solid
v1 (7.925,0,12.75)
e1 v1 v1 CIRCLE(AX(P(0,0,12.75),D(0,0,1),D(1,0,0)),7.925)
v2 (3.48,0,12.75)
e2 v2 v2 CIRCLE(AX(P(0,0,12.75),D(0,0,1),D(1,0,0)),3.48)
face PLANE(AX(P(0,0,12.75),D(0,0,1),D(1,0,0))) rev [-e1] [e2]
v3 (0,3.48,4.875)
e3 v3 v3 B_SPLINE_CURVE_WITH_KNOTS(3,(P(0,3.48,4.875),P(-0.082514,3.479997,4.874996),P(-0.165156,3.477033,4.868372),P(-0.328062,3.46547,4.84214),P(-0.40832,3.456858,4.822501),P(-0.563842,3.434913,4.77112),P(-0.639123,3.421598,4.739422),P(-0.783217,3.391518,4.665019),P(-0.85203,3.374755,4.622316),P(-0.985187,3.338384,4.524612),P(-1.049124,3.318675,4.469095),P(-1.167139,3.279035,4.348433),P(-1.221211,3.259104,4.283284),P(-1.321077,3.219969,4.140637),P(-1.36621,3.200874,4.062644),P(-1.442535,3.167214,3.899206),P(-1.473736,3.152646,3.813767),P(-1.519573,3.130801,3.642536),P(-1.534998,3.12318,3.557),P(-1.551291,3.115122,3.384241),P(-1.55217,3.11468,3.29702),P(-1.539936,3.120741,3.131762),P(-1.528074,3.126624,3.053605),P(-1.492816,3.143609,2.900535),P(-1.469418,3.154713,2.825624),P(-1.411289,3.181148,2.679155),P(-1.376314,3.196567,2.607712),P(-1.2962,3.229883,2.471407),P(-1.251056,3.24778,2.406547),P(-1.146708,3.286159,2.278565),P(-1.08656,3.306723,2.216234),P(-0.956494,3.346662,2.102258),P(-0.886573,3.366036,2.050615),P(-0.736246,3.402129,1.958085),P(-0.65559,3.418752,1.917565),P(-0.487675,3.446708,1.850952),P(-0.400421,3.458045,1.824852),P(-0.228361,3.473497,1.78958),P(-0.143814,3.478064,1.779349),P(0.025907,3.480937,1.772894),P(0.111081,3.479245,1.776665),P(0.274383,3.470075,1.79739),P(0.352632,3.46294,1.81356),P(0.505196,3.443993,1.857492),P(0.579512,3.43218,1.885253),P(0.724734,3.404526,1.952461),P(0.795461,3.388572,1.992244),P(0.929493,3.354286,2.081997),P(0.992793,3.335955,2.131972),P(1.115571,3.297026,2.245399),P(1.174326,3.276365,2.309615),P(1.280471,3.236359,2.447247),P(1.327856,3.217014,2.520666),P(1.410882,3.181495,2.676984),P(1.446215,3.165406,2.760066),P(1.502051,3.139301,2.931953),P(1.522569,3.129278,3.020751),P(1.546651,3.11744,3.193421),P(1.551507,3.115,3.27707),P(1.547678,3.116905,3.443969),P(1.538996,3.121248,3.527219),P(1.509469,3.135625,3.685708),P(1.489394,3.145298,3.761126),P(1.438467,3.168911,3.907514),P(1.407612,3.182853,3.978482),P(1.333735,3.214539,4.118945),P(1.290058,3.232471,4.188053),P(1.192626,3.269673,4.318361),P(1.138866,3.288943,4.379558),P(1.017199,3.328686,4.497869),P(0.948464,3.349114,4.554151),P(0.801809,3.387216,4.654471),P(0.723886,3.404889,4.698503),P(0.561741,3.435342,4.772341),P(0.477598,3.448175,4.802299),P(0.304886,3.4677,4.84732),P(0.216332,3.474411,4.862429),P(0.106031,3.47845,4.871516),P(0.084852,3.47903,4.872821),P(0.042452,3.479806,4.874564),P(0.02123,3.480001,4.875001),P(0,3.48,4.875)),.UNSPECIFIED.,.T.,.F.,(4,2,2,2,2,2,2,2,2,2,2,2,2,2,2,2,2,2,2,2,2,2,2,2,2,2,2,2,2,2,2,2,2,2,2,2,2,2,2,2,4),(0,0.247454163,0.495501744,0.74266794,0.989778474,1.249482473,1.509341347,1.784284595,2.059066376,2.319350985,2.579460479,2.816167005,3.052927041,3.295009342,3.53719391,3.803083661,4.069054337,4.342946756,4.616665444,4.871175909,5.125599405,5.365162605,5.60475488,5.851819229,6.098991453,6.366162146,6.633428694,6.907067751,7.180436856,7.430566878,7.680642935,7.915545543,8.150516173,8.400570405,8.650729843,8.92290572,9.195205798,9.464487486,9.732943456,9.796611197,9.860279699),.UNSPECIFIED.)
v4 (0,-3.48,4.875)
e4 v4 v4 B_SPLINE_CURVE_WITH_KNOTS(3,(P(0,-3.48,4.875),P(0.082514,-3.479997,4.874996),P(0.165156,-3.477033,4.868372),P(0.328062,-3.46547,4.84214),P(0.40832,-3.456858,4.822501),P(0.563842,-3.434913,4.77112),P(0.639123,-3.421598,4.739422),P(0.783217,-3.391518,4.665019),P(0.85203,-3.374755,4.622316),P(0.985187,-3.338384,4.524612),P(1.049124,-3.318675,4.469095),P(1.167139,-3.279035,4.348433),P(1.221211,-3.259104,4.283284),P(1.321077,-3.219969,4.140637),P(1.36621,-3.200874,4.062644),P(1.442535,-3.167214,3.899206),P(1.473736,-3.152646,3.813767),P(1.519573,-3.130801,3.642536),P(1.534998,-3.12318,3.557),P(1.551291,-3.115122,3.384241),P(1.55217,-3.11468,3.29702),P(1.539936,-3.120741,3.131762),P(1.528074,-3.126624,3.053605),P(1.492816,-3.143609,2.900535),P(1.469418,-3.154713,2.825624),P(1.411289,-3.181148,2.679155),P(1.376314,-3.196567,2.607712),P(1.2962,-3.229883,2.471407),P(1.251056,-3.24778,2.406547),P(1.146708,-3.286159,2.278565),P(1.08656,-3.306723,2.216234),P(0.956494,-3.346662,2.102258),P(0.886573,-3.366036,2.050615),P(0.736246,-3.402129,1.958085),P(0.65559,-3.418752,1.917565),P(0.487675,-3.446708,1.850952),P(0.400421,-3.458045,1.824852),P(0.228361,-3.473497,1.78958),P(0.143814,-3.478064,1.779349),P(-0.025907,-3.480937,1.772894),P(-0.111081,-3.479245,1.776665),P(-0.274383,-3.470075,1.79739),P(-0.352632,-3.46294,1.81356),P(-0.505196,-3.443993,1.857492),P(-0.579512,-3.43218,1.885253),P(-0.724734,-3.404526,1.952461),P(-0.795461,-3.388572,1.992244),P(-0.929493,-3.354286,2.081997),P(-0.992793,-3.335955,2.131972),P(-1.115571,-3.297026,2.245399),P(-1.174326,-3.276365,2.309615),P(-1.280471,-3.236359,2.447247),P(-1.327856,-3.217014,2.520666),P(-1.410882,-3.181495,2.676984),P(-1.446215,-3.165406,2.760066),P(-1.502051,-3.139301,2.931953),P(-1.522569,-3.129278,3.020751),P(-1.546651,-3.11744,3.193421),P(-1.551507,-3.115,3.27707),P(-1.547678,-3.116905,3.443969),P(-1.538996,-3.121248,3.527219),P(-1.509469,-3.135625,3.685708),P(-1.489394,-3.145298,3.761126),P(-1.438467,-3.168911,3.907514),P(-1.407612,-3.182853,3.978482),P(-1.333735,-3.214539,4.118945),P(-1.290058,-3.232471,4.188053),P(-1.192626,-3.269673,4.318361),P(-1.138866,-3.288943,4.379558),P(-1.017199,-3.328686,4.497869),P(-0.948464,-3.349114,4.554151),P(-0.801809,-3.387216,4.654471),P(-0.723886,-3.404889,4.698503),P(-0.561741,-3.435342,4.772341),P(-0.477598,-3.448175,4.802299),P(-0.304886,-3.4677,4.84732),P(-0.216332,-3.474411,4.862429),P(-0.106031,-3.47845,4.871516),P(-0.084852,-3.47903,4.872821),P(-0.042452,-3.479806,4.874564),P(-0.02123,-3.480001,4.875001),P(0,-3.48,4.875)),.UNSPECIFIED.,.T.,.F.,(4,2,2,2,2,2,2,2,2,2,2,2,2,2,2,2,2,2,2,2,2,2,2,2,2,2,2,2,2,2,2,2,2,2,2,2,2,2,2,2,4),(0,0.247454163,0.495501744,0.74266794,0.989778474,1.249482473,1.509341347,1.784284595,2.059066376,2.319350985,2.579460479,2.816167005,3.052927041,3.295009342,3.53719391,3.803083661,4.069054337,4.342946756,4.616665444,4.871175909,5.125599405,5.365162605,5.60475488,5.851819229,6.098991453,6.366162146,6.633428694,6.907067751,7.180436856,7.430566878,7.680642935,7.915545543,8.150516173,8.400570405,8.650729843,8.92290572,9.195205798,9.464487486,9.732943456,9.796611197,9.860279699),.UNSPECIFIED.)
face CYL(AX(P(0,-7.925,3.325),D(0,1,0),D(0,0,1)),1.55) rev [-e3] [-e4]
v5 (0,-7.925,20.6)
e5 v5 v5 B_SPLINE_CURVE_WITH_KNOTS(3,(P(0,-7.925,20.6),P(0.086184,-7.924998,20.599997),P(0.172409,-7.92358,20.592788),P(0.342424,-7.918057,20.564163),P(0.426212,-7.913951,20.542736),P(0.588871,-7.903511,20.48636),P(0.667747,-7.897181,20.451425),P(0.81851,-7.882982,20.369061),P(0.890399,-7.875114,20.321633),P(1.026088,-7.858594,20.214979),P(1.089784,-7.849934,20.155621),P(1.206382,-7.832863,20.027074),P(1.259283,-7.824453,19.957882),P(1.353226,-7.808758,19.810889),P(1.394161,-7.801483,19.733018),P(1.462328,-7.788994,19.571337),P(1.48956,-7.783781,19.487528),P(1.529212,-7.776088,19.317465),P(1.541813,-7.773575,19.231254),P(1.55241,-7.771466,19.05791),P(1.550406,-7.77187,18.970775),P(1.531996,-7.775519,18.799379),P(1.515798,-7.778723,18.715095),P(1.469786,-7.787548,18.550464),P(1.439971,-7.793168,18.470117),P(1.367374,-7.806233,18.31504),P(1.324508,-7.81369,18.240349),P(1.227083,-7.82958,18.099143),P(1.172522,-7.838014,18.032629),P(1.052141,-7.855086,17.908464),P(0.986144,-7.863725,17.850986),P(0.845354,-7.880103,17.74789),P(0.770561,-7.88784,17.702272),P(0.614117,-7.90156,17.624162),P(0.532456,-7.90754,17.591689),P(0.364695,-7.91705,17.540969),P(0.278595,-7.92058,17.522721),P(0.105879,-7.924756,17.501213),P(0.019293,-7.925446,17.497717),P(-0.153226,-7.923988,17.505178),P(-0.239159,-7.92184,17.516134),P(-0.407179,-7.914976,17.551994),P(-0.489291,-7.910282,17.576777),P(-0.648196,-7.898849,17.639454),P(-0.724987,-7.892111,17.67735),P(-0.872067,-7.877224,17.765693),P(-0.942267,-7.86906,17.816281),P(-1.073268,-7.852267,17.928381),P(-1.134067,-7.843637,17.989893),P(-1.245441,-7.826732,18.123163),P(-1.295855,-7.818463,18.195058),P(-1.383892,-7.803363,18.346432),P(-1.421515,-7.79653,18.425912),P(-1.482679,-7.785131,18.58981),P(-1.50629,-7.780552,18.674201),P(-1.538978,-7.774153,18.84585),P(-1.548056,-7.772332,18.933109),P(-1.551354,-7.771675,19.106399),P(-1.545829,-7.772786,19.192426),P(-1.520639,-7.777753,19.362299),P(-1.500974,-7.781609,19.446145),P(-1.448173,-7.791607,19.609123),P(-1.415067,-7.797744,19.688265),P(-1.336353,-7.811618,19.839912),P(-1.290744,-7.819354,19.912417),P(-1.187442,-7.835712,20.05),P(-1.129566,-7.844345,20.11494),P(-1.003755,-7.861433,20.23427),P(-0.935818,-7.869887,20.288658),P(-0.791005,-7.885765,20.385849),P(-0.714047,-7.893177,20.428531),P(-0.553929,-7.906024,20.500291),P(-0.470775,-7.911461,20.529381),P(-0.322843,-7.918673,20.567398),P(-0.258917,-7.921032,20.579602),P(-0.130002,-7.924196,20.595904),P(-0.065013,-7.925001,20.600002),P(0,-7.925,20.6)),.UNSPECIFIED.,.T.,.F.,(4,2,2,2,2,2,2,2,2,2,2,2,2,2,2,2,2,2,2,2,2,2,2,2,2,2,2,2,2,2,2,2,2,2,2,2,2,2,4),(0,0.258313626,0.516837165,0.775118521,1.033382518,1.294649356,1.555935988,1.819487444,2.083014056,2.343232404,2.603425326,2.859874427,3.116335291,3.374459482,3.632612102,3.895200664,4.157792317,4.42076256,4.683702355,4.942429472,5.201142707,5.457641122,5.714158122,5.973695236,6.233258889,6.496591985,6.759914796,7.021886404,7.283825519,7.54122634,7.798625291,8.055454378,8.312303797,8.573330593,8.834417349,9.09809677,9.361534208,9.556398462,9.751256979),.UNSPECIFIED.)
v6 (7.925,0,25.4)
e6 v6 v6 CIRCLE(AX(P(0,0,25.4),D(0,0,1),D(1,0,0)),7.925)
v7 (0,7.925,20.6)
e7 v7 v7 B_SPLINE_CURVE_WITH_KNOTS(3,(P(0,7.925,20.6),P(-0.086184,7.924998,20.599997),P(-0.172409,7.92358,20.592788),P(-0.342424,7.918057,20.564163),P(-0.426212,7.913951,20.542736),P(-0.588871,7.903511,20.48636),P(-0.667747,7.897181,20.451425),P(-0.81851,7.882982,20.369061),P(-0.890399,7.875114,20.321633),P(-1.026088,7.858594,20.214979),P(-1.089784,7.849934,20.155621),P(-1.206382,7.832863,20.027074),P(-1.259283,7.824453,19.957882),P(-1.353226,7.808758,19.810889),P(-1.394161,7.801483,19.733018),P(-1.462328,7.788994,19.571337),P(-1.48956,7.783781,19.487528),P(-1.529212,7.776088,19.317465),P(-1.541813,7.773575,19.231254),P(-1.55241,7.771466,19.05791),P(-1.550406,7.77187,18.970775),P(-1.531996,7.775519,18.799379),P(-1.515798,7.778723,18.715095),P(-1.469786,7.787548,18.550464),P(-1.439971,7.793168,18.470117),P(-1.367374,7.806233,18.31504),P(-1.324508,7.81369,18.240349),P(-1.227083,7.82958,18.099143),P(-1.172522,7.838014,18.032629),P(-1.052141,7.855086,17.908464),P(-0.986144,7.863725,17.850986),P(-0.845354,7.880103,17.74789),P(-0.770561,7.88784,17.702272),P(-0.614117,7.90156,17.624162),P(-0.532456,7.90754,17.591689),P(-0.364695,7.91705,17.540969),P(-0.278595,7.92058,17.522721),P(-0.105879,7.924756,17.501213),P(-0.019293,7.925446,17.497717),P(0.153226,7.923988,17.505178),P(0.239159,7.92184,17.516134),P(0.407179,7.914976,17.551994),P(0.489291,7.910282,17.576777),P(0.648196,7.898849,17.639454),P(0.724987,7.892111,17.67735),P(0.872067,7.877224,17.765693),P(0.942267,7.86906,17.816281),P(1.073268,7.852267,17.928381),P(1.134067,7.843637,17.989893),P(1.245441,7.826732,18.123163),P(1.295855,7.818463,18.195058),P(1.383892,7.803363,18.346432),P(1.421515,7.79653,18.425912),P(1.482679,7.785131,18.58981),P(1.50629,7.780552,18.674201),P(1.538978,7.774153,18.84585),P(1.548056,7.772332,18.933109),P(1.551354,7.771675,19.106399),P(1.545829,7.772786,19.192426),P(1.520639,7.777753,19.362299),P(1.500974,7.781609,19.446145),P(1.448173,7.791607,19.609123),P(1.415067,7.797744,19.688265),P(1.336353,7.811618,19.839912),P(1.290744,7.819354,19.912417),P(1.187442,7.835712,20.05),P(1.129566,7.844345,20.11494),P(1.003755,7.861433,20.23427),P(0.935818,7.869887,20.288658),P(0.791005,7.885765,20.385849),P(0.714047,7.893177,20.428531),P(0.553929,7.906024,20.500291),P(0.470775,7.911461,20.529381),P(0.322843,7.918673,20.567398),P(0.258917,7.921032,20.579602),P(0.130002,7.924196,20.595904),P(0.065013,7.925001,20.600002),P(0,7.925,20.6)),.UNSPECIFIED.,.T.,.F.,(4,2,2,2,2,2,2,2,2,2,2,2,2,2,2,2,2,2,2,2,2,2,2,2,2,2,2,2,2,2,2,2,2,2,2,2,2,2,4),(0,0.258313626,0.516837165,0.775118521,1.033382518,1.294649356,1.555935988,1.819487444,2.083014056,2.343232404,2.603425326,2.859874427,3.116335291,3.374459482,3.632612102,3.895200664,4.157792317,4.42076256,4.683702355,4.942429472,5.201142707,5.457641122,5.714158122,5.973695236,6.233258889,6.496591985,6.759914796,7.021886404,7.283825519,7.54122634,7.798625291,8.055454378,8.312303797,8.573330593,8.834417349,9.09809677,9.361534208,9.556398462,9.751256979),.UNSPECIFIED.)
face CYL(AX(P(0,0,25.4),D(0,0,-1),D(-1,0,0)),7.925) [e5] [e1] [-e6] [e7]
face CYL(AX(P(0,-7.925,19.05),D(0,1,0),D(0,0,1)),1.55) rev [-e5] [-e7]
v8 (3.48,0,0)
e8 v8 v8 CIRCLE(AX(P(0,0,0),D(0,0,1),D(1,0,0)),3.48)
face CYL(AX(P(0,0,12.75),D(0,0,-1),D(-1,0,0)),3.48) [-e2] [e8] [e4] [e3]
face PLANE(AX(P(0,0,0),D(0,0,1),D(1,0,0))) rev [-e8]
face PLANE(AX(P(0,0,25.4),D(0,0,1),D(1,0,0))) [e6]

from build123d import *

# Parameters (mm, degrees)
SKETCH1_R               = 7.925
EXTRUDE1_DEPTH          = 25.4
SKETCH2_OUTSIDE_W       = 24.626
SKETCH2_OUTSIDE_H       = 24.626
SKETCH2_OUTSIDE_R       = 3.48
CUT_EXTRUDE1_DEPTH      = 12.75
SKETCH3_R               = 1.55
CUT_EXTRUDE2_DEPTH      = 8.925
CUT_EXTRUDE2_DEPTH_BACK = 8.925
SKETCH4_R               = 1.55
CUT_EXTRUDE3_DEPTH      = 8.925
CUT_EXTRUDE3_DEPTH_BACK = 8.925


with BuildPart() as part:
    # Sketch1 → Extrude1 (new body)
    with BuildSketch(Plane.XY):
        Circle(SKETCH1_R)
    extrude(amount=EXTRUDE1_DEPTH)

    # Sketch2 outside → Cut-Extrude1 (cut)
    with BuildSketch(Plane.XY):
        Rectangle(SKETCH2_OUTSIDE_W, SKETCH2_OUTSIDE_H)
        Circle(SKETCH2_OUTSIDE_R, mode=Mode.SUBTRACT)
    extrude(amount=CUT_EXTRUDE1_DEPTH, mode=Mode.SUBTRACT)

    # Sketch3 → Cut-Extrude2 (cut, two sides)
    with BuildSketch(Plane(origin=(0, 0, 0), x_dir=(1, 0, 0), z_dir=(0, 1, 0))) as cut_extrude2_sk:
        with Locations((0, -3.325)):
            Circle(SKETCH3_R)
    extrude(amount=CUT_EXTRUDE2_DEPTH, mode=Mode.SUBTRACT)
    extrude(cut_extrude2_sk.sketch, amount=-CUT_EXTRUDE2_DEPTH_BACK, mode=Mode.SUBTRACT)

    # Sketch4 → Cut-Extrude3 (cut, two sides)
    with BuildSketch(Plane(origin=(0, 0, 0), x_dir=(1, 0, 0), z_dir=(0, 1, 0))) as cut_extrude3_sk:
        with Locations((0, -19.05)):
            Circle(SKETCH4_R)
    extrude(amount=CUT_EXTRUDE3_DEPTH, mode=Mode.SUBTRACT)
    extrude(cut_extrude3_sk.sketch, amount=-CUT_EXTRUDE3_DEPTH_BACK, mode=Mode.SUBTRACT)


solid = part.part
